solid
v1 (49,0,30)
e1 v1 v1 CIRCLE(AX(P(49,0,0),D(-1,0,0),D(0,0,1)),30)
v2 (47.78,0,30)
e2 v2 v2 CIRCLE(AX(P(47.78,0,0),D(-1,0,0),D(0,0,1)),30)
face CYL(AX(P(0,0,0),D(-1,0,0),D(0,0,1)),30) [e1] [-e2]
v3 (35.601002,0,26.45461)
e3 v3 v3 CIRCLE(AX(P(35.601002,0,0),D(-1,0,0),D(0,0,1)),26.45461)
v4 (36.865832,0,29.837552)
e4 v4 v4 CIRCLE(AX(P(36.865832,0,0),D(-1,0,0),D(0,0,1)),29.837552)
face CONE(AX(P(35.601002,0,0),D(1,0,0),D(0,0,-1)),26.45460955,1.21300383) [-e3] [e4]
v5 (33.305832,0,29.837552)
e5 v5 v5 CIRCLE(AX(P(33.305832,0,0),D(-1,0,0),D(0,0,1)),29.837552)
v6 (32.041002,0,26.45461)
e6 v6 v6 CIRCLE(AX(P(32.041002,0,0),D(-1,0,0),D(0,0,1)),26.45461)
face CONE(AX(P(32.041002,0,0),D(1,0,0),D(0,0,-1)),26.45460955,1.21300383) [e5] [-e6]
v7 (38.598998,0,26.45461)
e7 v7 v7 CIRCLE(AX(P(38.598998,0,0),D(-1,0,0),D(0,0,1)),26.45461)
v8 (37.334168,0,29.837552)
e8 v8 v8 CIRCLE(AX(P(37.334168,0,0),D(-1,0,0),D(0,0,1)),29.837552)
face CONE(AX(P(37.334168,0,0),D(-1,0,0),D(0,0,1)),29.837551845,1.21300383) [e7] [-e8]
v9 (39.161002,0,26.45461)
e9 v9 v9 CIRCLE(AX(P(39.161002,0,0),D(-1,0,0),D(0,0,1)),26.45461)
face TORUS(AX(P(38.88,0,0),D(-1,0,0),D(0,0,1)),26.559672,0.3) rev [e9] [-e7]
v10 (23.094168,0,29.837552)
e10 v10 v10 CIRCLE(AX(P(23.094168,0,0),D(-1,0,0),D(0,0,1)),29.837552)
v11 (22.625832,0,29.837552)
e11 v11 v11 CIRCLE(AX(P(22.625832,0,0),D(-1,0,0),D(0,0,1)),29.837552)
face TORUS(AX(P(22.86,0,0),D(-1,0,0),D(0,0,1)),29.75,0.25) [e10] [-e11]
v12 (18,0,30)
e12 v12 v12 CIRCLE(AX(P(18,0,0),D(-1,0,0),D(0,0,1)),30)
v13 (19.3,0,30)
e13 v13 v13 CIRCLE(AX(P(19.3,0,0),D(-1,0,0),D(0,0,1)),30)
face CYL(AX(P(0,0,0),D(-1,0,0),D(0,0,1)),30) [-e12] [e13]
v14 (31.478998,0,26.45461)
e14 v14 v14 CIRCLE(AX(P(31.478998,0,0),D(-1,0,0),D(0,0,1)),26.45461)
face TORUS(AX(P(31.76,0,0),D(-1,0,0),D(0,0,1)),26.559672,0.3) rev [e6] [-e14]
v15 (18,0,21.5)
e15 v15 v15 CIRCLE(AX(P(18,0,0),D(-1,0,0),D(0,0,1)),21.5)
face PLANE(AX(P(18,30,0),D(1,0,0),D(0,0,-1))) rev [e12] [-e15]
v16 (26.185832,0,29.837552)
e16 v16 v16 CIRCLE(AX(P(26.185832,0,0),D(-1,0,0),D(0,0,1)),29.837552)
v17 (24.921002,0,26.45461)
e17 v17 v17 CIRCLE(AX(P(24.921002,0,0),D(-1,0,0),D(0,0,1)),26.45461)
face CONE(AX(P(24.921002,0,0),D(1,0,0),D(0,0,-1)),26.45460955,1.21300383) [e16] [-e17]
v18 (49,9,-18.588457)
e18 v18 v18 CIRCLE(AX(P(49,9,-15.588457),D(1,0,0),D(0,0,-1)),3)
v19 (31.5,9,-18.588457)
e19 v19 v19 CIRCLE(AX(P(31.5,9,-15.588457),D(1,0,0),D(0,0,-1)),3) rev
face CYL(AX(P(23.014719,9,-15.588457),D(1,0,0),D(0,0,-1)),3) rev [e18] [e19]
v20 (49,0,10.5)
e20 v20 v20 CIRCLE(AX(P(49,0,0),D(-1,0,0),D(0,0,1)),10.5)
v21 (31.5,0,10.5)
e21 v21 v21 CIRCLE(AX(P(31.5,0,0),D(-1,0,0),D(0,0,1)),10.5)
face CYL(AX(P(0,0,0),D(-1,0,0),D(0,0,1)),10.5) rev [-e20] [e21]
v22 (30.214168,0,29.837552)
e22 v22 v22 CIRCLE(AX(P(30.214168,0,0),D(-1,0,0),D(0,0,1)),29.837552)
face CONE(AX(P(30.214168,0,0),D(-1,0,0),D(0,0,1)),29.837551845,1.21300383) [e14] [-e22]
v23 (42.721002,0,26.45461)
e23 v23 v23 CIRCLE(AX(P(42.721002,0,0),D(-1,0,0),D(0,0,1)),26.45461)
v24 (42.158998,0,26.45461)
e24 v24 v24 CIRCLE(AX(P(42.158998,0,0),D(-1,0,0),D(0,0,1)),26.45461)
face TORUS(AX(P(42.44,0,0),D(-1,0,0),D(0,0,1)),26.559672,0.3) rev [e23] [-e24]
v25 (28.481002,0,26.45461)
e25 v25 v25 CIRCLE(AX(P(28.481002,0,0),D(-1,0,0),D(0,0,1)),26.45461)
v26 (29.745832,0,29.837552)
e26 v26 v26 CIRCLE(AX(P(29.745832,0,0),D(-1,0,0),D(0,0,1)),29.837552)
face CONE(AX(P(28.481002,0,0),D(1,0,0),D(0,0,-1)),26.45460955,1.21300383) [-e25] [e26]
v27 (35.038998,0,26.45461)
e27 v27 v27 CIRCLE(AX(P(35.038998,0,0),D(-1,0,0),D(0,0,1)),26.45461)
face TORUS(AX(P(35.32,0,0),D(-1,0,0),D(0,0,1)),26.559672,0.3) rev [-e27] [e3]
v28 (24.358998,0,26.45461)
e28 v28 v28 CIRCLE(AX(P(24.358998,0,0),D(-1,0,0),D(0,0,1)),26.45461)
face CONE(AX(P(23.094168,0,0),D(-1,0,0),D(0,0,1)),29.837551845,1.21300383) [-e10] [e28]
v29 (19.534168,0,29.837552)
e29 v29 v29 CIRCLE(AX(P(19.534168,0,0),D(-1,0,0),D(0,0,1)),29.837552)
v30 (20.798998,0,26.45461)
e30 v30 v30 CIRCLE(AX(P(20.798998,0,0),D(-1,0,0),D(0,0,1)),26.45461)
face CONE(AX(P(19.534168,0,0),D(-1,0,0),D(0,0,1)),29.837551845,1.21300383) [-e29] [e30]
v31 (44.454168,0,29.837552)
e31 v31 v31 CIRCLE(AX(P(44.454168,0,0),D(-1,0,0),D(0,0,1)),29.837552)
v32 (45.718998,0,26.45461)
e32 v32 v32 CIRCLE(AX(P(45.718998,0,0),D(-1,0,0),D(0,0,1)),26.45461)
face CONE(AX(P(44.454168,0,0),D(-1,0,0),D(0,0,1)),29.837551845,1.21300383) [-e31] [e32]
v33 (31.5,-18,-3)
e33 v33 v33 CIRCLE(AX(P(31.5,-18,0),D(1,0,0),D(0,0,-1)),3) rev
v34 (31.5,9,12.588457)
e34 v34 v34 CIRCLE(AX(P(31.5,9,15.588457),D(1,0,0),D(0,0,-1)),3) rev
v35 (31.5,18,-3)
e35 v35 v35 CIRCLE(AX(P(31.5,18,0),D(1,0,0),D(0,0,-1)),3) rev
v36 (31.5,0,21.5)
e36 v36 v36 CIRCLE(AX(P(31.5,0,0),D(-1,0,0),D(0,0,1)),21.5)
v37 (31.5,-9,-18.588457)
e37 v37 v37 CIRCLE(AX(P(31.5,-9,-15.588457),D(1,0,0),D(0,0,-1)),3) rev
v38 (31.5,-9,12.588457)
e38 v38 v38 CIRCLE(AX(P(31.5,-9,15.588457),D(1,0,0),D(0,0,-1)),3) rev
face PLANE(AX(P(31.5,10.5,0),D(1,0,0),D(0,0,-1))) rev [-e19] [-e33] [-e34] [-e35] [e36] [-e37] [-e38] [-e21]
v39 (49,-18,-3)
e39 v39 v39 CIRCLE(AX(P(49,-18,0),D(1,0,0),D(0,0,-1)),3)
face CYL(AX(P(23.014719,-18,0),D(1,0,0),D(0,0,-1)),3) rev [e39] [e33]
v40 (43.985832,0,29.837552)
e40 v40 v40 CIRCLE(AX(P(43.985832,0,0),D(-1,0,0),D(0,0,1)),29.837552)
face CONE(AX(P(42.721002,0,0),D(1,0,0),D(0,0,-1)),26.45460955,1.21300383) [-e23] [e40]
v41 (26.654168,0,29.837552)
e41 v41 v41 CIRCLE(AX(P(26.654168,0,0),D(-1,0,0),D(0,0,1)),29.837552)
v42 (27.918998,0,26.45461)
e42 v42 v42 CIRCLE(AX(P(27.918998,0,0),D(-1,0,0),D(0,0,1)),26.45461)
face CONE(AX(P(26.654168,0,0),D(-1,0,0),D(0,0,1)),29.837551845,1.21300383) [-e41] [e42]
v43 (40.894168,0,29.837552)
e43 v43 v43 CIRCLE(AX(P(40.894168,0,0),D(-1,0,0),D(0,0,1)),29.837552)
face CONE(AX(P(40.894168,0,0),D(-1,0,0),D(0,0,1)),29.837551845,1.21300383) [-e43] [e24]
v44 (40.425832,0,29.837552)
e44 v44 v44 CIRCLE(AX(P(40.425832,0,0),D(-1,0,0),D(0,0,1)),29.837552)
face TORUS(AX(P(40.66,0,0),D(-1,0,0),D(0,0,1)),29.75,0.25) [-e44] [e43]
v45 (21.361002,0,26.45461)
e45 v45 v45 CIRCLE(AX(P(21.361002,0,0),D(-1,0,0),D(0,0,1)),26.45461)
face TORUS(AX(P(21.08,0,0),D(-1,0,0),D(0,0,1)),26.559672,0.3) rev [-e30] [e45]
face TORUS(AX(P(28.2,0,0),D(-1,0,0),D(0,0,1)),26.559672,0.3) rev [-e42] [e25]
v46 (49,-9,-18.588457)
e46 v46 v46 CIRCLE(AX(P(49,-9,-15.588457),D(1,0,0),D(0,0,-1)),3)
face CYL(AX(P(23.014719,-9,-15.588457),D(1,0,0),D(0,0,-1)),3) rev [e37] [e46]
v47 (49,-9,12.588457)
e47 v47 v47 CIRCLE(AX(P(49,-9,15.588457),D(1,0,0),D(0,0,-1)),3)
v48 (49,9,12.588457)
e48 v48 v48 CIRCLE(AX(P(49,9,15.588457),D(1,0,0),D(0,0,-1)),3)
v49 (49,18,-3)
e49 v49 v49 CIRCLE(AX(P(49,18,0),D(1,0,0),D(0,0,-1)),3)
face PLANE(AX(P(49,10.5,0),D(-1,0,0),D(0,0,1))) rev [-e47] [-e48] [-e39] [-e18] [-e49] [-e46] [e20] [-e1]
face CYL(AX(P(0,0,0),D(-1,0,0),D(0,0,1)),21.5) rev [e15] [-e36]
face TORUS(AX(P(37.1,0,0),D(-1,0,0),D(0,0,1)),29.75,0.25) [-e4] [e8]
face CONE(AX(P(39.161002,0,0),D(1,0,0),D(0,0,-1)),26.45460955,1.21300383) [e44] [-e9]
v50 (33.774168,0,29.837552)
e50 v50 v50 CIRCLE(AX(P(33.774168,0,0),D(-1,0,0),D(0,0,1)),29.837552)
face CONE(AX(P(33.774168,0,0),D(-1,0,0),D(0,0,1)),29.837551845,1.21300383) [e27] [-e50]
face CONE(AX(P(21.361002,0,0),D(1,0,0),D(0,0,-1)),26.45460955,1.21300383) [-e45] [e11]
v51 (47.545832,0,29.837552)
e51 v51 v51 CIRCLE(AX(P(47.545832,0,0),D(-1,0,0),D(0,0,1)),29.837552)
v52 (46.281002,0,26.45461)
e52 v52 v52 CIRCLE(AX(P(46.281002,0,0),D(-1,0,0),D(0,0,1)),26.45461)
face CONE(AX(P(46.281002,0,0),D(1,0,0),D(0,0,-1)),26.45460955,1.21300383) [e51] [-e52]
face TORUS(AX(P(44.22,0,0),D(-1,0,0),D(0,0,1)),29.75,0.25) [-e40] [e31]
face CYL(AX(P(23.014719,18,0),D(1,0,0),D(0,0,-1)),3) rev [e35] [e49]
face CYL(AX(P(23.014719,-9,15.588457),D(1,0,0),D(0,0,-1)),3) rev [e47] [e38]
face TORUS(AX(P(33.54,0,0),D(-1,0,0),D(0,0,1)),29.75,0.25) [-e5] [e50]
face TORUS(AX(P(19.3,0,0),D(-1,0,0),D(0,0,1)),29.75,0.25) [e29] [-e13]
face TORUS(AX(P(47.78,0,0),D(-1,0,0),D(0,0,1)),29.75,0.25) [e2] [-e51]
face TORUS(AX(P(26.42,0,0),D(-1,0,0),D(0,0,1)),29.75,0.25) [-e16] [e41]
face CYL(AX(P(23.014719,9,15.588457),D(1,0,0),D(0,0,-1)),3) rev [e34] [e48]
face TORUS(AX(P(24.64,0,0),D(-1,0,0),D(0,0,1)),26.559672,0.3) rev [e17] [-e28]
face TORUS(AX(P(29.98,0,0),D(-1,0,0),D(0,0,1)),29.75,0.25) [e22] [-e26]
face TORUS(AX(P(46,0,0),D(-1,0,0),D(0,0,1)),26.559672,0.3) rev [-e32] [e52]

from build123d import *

# Parameters (mm, degrees)
LPATTERN1_COUNT    = 8
LPATTERN1_PITCH    = 3.56
SKETCH3_R          = 3
CUT_EXTRUDE1_DEPTH = 17.5


with BuildPart() as part:
    # Sketch1 → Revolve1 (revolve)
    with BuildSketch(Plane.XY, mode=Mode.PRIVATE) as revolve1_sk:
        Polygon((49, 10.5), (49, 30), (18, 30), (18, 21.5), (31.5, 21.5), (31.5, 10.5), align=None)
    revolve(revolve1_sk.sketch.rotate(Axis((0, 0, 0), (1, 0, 0)), 90), axis=Axis((0, 0, 0), (1, 0, 0)))

    # Sketch2 → Cut-Revolve1 (revolve, cut)
    with BuildSketch(Plane.XY, mode=Mode.PRIVATE) as cut_revolve1_sk:
        with BuildLine():
            Line((47.545831953, 29.837551845), (46.281001657, 26.45460955))
            ThreePointArc((46.281001657, 26.45460955), (46, 26.259671764), (45.718998343, 26.45460955))
            Line((45.718998343, 26.45460955), (44.454168047, 29.837551845))
            ThreePointArc((44.454168047, 29.837551845), (44.362499191, 29.955411734), (44.22, 30))
            Line((44.22, 30), (47.78, 30))
            ThreePointArc((47.78, 30), (47.637500809, 29.955411734), (47.545831953, 29.837551845))
        make_face()
    cut_revolve1 = revolve(cut_revolve1_sk.sketch.rotate(Axis((0, 0, 0), (1, 0, 0)), 90), axis=Axis((0, 0, 0), (1, 0, 0)), mode=Mode.SUBTRACT)

    # LPattern1: Cut-Revolve1 ×8
    with Locations(*[(-i * LPATTERN1_PITCH, 0, 0) for i in range(1, LPATTERN1_COUNT)]):
        add(cut_revolve1, mode=Mode.SUBTRACT)

    # Sketch3 → Cut-Extrude1 (cut)
    with BuildSketch(Plane(origin=(49, 0, 0), x_dir=(0, 0, -1), z_dir=(1, 0, 0))):
        with Locations((0, 18)):
            Circle(SKETCH3_R)
        with Locations((15.588457268, 9)):
            Circle(SKETCH3_R)
        with Locations((15.588457268, -9)):
            Circle(SKETCH3_R)
        with Locations((0, -18)):
            Circle(SKETCH3_R)
        with Locations((-15.588457268, -9)):
            Circle(SKETCH3_R)
        with Locations((-15.588457268, 9)):
            Circle(SKETCH3_R)
    extrude(amount=-CUT_EXTRUDE1_DEPTH, mode=Mode.SUBTRACT)


solid = part.part
